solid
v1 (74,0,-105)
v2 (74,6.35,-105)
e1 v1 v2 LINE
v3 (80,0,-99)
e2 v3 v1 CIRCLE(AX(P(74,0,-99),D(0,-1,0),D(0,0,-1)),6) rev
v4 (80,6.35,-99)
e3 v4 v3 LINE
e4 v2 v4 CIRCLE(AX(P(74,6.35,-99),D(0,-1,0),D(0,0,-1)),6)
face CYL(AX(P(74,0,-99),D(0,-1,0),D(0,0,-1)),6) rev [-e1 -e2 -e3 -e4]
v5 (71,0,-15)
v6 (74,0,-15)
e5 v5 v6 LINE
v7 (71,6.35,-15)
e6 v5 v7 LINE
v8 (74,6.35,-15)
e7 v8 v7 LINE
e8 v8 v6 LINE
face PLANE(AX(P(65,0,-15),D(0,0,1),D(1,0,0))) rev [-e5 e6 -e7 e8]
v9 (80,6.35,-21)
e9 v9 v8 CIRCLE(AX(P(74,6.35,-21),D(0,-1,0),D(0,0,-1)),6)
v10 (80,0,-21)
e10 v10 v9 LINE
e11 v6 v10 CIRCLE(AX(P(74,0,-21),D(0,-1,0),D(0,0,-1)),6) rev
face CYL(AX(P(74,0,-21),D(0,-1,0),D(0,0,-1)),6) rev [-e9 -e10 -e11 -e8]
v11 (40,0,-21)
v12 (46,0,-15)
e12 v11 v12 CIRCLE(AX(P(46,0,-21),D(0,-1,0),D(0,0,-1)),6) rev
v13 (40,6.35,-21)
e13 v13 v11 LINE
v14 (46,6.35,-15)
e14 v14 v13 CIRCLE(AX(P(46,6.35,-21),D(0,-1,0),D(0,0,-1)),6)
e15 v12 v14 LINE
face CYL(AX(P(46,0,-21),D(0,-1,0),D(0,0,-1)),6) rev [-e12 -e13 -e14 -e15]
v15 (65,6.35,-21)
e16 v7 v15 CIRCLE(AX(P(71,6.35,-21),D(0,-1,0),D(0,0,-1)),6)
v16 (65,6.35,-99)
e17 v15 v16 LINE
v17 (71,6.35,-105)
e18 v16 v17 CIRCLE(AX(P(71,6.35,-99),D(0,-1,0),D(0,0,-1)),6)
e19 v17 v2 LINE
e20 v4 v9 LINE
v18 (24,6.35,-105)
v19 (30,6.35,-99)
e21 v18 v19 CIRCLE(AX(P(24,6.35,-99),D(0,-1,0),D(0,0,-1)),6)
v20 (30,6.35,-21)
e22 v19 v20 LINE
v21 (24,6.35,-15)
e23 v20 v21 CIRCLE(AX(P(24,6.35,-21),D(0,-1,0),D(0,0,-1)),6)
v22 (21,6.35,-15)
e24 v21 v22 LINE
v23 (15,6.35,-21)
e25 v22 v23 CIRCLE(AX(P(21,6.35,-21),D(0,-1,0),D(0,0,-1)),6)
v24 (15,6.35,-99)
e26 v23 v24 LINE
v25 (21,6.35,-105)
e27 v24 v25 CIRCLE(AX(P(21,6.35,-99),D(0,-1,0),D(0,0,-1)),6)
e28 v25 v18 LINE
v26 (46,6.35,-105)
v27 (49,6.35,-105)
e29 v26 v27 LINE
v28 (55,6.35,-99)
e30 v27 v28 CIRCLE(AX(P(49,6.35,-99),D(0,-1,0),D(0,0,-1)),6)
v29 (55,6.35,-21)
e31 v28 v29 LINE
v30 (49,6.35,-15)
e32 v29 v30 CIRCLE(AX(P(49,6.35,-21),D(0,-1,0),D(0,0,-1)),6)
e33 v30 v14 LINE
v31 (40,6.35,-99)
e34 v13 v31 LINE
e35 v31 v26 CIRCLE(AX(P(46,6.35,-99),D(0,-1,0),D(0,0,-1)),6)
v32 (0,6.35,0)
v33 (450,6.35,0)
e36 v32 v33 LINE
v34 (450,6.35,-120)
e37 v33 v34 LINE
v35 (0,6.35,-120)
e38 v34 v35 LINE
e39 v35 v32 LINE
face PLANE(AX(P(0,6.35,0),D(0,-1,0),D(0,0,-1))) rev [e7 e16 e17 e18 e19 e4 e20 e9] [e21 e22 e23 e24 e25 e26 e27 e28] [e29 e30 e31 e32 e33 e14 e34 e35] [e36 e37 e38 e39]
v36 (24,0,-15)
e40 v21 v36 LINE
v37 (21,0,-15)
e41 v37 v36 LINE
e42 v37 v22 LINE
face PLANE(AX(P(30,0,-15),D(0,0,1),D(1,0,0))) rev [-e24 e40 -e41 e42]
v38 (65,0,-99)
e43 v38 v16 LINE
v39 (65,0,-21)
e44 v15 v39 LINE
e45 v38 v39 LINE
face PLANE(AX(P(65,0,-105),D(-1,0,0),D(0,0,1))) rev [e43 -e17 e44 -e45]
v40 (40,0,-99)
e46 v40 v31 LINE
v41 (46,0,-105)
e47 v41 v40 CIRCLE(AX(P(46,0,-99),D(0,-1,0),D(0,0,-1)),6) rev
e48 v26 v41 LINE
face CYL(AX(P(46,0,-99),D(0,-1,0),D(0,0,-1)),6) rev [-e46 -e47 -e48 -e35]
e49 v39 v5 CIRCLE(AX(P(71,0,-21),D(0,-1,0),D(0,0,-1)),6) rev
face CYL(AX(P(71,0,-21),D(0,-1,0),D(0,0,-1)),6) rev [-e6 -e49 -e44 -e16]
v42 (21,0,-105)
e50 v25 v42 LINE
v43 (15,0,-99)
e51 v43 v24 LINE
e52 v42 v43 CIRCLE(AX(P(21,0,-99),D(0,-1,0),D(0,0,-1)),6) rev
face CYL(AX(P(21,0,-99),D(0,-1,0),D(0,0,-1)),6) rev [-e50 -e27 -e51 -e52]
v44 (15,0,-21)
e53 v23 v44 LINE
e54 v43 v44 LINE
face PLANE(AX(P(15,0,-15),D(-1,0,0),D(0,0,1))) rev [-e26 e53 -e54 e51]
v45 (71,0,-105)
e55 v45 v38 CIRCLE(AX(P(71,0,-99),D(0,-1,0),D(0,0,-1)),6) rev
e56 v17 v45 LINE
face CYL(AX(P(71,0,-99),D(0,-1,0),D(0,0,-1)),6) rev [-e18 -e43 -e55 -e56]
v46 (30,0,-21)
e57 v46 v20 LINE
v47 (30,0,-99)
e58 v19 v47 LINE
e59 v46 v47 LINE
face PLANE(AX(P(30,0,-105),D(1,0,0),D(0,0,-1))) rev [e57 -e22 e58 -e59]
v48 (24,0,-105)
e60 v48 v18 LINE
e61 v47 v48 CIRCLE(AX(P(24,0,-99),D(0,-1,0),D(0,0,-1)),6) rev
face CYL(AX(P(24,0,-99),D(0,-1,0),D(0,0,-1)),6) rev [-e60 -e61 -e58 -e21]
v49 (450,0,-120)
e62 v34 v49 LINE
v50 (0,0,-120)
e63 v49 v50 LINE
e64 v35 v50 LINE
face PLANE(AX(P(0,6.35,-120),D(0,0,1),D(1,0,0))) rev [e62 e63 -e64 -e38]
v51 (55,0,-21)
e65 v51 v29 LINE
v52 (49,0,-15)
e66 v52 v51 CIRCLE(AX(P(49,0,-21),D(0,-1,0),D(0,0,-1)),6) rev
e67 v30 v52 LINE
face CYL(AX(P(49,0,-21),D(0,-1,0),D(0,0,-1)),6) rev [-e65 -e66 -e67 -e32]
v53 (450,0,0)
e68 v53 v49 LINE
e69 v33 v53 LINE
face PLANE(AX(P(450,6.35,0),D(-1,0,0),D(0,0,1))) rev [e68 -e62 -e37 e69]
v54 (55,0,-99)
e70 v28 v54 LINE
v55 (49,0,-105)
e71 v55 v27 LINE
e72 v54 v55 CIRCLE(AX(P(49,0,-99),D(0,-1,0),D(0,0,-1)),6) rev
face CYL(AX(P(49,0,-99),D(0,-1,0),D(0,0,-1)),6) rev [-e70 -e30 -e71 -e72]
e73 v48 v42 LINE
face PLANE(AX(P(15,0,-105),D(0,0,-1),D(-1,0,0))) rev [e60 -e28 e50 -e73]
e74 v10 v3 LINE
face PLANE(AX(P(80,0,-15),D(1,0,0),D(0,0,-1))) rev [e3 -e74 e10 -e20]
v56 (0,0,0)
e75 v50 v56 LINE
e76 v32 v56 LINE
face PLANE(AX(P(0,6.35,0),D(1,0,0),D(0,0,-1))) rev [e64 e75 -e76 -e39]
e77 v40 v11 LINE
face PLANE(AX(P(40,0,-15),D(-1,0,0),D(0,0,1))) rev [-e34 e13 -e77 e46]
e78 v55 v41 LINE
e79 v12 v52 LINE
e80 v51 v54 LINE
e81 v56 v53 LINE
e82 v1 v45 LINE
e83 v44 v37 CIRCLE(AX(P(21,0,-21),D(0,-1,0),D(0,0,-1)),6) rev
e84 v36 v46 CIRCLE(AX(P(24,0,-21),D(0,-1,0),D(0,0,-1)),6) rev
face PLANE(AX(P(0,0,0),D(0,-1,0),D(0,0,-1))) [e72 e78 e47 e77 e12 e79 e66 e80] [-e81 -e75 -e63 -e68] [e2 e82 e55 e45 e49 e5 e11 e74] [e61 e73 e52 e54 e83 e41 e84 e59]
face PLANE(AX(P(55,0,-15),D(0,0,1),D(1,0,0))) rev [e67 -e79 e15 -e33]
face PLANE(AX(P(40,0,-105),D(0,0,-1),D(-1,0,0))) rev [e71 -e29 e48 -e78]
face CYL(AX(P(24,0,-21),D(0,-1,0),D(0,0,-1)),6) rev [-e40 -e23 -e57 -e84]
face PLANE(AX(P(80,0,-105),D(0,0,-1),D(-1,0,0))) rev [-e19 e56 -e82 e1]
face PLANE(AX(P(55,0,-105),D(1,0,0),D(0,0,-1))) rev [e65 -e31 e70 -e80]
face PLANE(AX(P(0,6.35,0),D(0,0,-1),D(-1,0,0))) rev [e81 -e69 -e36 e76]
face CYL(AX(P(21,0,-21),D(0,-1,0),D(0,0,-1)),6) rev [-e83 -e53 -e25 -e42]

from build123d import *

# Parameters (mm, degrees)
SKETCH1_W               = 450
SKETCH1_H               = 120
BOSS_EXTRUDE1_DEPTH     = 6.35
SKETCH2_W               = 15
SKETCH2_H               = 90
CUT_EXTRUDE1_DEPTH      = 1
CUT_EXTRUDE1_DEPTH_BACK = 7.35
FILLET1_R               = 6


with BuildPart() as part:
    # Sketch1 → Boss-Extrude1 (new body)
    with BuildSketch(Plane(origin=(0, 0, 0), x_dir=(1, 0, 0), z_dir=(0, 1, 0))):
        with Locations((225, 60)):
            Rectangle(SKETCH1_W, SKETCH1_H)
    extrude(amount=BOSS_EXTRUDE1_DEPTH)

    # Sketch2 → Cut-Extrude1 (cut, two sides)
    with BuildSketch(Plane(origin=(0, 6.35, 0), x_dir=(1, 0, 0), z_dir=(0, 1, 0))) as cut_extrude1_sk:
        with Locations((22.5, 60)):
            Rectangle(SKETCH2_W, SKETCH2_H)
        with Locations((47.5, 60)):
            Rectangle(SKETCH2_W, SKETCH2_H)
        with Locations((72.5, 60)):
            Rectangle(SKETCH2_W, SKETCH2_H)
    extrude(amount=CUT_EXTRUDE1_DEPTH, mode=Mode.SUBTRACT)
    extrude(cut_extrude1_sk.sketch, amount=-CUT_EXTRUDE1_DEPTH_BACK, mode=Mode.SUBTRACT)

    # Fillet1
    fillet1_edges = [part.edges().sort_by_distance(p)[0] for p in [
        (15, 3.175, -105),
        (30, 3.175, -105),
        (30, 3.175, -15),
        (15, 3.175, -15),
        (65, 3.175, -105),
        (80, 3.175, -105),
        (80, 3.175, -15),
        (65, 3.175, -15),
        (40, 3.175, -15),
        (40, 3.175, -105),
        (55, 3.175, -105),
        (55, 3.175, -15),
    ]]
    fillet(fillet1_edges, radius=FILLET1_R)


solid = part.part
